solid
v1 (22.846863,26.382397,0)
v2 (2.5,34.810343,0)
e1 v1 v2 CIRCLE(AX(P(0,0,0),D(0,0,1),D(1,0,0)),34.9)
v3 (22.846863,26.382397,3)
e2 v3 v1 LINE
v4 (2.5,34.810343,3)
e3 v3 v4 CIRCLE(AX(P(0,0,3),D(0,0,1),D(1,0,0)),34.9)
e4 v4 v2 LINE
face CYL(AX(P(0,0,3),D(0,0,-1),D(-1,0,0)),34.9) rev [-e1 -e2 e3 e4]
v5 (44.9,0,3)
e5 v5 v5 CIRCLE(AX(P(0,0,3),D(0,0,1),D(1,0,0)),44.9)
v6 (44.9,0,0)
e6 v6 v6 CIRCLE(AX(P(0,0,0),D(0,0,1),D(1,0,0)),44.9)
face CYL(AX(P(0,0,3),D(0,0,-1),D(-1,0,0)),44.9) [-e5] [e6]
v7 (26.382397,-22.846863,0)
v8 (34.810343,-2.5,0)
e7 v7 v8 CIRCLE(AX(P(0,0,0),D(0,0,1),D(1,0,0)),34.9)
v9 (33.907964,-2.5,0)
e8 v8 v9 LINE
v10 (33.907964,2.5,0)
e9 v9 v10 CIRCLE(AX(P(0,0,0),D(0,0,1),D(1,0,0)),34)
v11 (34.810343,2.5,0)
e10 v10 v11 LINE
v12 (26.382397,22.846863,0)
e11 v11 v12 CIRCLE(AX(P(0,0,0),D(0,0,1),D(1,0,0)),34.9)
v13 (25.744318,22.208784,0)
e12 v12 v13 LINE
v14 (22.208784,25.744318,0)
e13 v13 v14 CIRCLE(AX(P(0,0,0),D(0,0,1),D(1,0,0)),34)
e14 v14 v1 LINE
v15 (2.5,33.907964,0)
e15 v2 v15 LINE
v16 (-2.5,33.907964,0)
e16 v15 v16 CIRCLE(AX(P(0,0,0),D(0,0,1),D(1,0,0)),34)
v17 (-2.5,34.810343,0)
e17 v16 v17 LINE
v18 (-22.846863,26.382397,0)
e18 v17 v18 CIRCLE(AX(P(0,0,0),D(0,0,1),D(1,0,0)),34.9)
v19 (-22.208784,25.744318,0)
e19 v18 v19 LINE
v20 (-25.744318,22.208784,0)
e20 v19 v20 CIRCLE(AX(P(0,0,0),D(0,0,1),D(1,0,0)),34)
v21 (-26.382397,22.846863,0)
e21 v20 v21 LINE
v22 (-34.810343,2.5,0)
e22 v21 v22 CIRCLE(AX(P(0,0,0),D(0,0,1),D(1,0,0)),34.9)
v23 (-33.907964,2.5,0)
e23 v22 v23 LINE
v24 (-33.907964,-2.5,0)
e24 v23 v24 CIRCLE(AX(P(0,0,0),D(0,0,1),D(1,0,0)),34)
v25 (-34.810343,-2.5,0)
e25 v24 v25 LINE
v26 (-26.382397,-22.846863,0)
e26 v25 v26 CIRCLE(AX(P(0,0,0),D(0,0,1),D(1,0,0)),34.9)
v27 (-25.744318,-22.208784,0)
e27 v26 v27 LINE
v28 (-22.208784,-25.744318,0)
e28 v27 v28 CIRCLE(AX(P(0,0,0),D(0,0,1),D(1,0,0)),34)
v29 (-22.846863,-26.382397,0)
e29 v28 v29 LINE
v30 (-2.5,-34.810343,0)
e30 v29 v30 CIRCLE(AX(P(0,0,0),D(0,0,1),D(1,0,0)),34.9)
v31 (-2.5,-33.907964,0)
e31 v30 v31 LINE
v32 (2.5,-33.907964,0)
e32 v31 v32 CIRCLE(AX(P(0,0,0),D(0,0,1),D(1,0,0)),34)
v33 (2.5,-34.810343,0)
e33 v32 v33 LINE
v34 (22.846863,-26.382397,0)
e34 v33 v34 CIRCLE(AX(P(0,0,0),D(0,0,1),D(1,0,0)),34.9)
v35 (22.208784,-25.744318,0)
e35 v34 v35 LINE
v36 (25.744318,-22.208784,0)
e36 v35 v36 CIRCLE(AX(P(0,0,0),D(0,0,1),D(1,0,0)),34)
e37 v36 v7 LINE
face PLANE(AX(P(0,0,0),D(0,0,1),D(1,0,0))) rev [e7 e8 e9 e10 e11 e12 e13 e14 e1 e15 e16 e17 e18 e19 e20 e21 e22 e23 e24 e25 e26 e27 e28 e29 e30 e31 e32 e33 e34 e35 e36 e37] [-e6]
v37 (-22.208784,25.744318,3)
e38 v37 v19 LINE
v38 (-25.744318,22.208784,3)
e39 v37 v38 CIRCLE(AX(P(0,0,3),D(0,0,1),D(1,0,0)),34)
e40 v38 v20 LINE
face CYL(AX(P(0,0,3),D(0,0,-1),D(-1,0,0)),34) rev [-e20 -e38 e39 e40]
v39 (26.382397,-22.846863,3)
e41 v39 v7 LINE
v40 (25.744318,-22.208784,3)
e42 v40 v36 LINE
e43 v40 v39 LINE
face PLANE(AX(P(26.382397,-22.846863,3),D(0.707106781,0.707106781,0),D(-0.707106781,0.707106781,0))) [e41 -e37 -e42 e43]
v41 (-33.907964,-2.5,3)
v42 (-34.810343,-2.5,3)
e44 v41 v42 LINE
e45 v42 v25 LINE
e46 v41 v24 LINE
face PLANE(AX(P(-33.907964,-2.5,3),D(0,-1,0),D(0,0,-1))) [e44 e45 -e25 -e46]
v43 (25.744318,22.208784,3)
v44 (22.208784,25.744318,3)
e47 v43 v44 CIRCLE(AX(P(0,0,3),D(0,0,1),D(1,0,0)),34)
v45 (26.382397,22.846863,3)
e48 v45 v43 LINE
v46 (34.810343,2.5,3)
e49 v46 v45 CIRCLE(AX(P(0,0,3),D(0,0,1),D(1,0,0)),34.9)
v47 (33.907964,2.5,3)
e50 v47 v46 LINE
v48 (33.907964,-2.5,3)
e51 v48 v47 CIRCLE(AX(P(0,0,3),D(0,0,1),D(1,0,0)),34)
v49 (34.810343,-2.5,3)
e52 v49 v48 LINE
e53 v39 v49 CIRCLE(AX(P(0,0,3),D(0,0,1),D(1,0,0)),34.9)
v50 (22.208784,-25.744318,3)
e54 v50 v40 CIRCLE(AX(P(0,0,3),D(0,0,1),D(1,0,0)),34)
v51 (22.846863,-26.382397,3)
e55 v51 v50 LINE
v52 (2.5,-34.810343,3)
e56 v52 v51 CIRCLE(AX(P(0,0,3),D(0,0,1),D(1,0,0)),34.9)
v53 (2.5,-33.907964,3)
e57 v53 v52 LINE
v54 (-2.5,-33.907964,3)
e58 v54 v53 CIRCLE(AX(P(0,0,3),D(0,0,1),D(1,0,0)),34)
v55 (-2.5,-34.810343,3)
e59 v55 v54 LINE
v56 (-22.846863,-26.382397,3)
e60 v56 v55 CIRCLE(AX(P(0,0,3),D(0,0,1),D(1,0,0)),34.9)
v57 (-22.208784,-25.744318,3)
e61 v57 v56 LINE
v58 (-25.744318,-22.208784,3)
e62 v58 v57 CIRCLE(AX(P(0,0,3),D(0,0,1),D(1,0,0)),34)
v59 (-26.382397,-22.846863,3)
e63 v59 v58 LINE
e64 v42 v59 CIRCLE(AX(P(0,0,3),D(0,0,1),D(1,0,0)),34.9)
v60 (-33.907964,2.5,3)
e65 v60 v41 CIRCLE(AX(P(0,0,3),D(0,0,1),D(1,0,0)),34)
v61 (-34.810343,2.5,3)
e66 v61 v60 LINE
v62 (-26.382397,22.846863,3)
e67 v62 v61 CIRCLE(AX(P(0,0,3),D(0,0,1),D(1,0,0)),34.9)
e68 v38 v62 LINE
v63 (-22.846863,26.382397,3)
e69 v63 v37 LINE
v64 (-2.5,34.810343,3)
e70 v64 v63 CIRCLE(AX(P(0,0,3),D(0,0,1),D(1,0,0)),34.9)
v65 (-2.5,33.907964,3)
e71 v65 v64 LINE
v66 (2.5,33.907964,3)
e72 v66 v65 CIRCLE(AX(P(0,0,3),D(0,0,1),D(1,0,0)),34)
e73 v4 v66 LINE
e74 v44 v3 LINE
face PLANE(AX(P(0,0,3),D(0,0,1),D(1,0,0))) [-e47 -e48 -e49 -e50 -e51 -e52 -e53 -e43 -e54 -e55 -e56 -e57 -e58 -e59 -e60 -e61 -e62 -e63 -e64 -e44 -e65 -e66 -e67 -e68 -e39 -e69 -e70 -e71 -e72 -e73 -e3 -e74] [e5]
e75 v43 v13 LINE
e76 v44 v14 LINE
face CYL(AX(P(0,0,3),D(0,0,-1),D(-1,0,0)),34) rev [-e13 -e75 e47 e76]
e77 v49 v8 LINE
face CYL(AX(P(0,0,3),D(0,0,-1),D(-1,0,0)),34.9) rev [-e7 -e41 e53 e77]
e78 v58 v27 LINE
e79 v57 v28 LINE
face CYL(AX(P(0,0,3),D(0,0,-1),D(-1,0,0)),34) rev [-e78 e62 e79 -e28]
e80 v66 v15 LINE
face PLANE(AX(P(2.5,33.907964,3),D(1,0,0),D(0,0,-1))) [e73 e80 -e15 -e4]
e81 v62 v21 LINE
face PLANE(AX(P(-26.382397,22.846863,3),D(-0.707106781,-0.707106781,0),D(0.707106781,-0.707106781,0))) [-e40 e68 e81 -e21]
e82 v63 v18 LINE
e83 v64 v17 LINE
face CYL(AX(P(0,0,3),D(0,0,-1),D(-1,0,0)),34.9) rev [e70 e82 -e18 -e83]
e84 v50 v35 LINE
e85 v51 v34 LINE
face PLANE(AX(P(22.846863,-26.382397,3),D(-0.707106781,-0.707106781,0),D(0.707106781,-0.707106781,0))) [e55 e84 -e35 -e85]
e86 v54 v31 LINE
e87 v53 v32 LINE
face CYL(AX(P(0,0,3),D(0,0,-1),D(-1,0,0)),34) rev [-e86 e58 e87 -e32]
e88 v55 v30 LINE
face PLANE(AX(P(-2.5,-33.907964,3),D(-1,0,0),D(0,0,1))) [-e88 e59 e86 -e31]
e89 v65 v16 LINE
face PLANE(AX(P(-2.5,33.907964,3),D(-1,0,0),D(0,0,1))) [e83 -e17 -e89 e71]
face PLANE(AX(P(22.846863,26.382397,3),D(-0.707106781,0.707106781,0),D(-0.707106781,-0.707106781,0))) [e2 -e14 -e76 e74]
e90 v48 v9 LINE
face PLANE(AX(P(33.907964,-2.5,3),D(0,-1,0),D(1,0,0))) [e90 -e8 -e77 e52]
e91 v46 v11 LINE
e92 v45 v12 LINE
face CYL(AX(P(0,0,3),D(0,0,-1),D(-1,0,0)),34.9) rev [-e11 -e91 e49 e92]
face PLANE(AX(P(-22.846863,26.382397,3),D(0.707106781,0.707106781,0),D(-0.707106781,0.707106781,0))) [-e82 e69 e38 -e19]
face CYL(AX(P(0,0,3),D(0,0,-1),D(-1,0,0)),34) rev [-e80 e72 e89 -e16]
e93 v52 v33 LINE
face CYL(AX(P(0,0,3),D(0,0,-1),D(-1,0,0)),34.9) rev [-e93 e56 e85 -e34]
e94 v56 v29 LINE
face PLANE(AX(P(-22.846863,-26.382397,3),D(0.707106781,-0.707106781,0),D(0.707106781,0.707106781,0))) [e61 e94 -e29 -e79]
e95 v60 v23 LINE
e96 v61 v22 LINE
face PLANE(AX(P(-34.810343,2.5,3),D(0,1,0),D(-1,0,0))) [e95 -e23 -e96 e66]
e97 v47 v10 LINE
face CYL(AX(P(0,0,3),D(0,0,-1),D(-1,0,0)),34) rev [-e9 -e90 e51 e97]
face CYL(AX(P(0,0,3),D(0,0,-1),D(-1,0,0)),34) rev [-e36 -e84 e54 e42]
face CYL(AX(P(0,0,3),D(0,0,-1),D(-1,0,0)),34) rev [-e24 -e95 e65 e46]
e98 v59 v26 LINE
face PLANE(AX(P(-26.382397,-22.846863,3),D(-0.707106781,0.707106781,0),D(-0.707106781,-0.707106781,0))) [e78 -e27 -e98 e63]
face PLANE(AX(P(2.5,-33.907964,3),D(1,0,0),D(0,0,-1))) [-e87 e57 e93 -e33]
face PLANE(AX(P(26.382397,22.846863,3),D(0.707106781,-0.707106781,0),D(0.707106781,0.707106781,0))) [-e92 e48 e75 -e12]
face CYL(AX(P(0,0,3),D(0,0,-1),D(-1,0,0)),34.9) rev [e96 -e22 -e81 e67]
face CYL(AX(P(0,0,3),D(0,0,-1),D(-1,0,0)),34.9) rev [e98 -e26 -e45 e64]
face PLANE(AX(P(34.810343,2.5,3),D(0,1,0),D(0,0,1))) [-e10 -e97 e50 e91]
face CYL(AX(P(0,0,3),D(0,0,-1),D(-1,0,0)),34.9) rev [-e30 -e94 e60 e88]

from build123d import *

# Parameters (mm, degrees)
CROQUIS1_R              = 44.9
SALIENTE_EXTRUIR1_DEPTH = 3


with BuildPart() as part:
    # Croquis1 → Saliente-Extruir1 (new body)
    with BuildSketch(Plane.XY):
        Circle(CROQUIS1_R)
        with BuildLine():
            Line((-2.5, 33.907963666), (-2.5, 34.81034329))
            ThreePointArc((-2.5, 34.81034329), (-13.35565179, 32.243395685), (-22.846862843, 26.382396749))
            Line((-22.846862843, 26.382396749), (-22.208784092, 25.744317998))
            ThreePointArc((-22.208784092, 25.744317998), (-24.04163056, 24.04163056), (-25.744317998, 22.208784092))
            Line((-25.744317998, 22.208784092), (-26.382396749, 22.846862843))
            ThreePointArc((-26.382396749, 22.846862843), (-32.243395685, 13.35565179), (-34.81034329, 2.5))
            Line((-34.81034329, 2.5), (-33.907963666, 2.5))
            ThreePointArc((-33.907963666, 2.5), (-34, 0), (-33.907963666, -2.5))
            Line((-33.907963666, -2.5), (-34.81034329, -2.5))
            ThreePointArc((-34.81034329, -2.5), (-32.243395685, -13.35565179), (-26.382396749, -22.846862843))
            Line((-26.382396749, -22.846862843), (-25.744317998, -22.208784092))
            ThreePointArc((-25.744317998, -22.208784092), (-24.04163056, -24.04163056), (-22.208784092, -25.744317998))
            Line((-22.208784092, -25.744317998), (-22.846862843, -26.382396749))
            ThreePointArc((-22.846862843, -26.382396749), (-13.35565179, -32.243395685), (-2.5, -34.81034329))
            Line((-2.5, -34.81034329), (-2.5, -33.907963666))
            ThreePointArc((-2.5, -33.907963666), (0, -34), (2.5, -33.907963666))
            Line((2.5, -33.907963666), (2.5, -34.81034329))
            ThreePointArc((2.5, -34.81034329), (13.35565179, -32.243395685), (22.846862843, -26.382396749))
            Line((22.846862843, -26.382396749), (22.208784092, -25.744317998))
            ThreePointArc((22.208784092, -25.744317998), (24.04163056, -24.04163056), (25.744317998, -22.208784092))
            Line((25.744317998, -22.208784092), (26.382396749, -22.846862843))
            ThreePointArc((26.382396749, -22.846862843), (32.243395685, -13.35565179), (34.81034329, -2.5))
            Line((34.81034329, -2.5), (33.907963666, -2.5))
            ThreePointArc((33.907963666, -2.5), (34, 0), (33.907963666, 2.5))
            Line((33.907963666, 2.5), (34.81034329, 2.5))
            ThreePointArc((34.81034329, 2.5), (32.243395685, 13.35565179), (26.382396749, 22.846862843))
            Line((26.382396749, 22.846862843), (25.744317998, 22.208784092))
            ThreePointArc((25.744317998, 22.208784092), (24.04163056, 24.04163056), (22.208784092, 25.744317998))
            Line((22.208784092, 25.744317998), (22.846862843, 26.382396749))
            ThreePointArc((22.846862843, 26.382396749), (13.35565179, 32.243395685), (2.5, 34.81034329))
            Line((2.5, 34.81034329), (2.5, 33.907963666))
            ThreePointArc((2.5, 33.907963666), (0, 34), (-2.5, 33.907963666))
        make_face(mode=Mode.SUBTRACT)
    extrude(amount=SALIENTE_EXTRUIR1_DEPTH)


solid = part.part
